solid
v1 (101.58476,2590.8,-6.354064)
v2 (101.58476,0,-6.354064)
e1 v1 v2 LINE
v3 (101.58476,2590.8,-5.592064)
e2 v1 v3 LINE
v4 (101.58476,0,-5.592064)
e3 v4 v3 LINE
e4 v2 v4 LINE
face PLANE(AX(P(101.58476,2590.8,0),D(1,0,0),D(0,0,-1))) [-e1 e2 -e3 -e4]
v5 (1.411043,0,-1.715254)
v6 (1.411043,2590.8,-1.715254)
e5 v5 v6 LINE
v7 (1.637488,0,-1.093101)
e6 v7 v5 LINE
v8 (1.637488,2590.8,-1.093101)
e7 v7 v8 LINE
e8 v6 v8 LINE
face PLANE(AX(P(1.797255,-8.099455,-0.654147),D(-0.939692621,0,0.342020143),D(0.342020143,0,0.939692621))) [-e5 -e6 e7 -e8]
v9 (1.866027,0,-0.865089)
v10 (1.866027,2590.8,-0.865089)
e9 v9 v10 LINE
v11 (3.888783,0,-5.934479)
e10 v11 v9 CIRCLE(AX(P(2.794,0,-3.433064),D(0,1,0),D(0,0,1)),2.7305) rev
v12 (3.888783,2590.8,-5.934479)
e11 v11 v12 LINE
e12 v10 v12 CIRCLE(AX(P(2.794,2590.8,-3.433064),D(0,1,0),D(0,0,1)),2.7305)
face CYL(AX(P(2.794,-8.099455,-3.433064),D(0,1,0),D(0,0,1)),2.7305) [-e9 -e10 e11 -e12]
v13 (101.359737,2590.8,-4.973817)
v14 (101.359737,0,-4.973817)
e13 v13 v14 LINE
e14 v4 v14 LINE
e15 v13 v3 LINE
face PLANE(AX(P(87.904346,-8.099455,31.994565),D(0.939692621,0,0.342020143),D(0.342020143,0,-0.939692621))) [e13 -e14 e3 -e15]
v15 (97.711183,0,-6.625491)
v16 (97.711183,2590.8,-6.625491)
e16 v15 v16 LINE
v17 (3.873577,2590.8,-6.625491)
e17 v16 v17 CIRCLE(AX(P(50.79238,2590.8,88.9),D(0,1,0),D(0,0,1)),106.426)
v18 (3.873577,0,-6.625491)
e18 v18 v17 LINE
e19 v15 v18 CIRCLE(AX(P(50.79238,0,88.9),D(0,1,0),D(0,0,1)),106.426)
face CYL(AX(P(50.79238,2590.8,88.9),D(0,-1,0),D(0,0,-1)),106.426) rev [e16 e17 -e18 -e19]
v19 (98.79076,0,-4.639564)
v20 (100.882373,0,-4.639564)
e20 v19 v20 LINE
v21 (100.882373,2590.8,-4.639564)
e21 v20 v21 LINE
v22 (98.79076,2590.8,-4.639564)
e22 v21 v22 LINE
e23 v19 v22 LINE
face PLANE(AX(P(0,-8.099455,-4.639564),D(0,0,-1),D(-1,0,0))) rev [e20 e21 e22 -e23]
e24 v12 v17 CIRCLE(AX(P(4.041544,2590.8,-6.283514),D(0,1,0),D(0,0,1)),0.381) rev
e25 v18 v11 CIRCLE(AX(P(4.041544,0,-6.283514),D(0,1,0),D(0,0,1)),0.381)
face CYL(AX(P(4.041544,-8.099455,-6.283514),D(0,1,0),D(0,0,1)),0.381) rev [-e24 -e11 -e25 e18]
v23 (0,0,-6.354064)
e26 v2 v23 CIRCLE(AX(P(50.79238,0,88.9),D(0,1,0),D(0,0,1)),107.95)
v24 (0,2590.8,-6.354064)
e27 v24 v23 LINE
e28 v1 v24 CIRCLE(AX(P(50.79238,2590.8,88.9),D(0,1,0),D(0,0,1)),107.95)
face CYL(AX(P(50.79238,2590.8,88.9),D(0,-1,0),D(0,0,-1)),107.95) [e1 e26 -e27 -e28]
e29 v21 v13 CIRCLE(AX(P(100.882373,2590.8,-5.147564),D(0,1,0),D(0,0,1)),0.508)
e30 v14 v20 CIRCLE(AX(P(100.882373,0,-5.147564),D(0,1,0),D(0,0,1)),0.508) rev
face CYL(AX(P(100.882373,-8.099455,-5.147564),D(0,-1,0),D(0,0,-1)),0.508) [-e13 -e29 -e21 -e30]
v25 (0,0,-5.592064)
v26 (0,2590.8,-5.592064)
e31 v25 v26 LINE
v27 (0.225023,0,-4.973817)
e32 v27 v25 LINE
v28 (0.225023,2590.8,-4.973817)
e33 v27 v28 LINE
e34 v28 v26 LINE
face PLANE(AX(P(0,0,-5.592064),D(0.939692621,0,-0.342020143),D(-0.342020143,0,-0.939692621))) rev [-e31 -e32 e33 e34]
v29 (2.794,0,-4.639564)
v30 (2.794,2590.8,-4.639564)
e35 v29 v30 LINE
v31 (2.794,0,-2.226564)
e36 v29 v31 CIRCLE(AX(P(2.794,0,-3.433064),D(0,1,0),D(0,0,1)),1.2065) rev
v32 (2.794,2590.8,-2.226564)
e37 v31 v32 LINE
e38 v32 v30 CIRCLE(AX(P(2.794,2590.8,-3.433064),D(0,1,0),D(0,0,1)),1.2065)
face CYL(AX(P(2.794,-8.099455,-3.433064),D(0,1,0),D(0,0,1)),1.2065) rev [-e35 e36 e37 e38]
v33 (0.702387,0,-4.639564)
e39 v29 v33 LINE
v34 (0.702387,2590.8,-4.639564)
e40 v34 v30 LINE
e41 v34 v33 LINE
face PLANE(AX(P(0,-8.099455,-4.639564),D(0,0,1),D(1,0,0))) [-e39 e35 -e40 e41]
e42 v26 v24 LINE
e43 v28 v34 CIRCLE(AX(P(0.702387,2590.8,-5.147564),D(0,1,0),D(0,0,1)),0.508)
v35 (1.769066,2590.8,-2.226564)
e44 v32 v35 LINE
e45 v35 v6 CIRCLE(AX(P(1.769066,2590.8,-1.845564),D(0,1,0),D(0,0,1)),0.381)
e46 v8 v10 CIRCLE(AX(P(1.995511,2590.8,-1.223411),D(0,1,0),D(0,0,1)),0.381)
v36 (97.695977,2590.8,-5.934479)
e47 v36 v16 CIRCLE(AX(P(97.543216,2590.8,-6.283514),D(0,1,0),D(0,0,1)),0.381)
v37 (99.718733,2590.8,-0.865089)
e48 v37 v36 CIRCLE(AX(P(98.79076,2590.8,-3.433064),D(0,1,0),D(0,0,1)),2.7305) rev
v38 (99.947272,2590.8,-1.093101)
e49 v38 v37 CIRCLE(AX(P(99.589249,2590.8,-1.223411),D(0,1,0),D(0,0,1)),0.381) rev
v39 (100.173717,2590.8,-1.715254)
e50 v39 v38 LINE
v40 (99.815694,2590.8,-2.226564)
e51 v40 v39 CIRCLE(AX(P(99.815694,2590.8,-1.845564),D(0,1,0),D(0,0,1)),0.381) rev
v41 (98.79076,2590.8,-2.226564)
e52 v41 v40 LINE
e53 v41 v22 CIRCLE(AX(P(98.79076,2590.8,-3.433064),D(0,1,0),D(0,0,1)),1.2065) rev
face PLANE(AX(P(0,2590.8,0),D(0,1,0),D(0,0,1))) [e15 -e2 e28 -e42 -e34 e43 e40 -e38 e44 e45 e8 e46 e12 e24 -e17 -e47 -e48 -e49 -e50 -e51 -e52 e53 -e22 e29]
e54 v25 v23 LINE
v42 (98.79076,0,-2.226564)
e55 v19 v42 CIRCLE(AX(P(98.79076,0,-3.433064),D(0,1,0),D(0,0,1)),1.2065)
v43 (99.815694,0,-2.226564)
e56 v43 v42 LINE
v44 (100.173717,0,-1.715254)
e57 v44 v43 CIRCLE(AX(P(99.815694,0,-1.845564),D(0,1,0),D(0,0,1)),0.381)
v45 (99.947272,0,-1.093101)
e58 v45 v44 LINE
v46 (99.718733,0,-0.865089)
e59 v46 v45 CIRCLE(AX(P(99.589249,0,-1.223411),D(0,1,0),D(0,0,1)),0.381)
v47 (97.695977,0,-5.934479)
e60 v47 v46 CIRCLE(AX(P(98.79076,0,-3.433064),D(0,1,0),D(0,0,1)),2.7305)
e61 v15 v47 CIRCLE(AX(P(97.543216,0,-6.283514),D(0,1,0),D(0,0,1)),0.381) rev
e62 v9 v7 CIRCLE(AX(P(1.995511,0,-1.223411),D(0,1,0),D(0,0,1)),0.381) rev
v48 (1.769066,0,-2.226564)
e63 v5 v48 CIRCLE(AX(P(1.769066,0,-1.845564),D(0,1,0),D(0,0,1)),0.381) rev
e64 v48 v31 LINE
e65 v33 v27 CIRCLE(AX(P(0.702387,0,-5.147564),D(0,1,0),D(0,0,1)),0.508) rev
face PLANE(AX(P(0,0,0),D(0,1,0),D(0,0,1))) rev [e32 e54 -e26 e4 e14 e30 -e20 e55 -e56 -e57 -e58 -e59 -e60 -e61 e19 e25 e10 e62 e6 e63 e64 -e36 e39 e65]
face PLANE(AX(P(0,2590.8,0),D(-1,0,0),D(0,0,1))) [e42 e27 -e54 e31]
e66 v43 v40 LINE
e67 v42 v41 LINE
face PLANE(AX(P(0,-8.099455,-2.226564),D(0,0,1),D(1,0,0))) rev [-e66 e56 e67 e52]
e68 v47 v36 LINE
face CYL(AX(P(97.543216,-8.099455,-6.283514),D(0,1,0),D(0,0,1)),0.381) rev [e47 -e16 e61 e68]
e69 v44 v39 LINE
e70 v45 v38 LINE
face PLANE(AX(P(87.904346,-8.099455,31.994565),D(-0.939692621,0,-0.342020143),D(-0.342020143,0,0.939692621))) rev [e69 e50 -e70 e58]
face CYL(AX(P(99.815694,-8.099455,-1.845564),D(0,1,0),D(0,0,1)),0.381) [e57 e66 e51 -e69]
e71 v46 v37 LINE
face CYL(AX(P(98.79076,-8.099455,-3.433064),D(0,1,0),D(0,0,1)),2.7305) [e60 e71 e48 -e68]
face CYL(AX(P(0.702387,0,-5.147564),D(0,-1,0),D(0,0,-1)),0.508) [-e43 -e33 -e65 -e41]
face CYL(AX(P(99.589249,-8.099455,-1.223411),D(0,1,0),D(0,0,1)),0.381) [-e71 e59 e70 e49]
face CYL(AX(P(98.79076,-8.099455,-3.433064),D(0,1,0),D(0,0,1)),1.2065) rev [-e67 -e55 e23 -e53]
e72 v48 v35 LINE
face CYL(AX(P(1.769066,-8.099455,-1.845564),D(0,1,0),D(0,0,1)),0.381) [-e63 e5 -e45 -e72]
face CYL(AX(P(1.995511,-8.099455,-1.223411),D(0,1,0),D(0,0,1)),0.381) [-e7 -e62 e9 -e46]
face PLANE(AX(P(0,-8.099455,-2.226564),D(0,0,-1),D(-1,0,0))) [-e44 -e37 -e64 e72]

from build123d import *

# Parameters (mm, degrees)
BOSS_EXTRUDE1_DEPTH = 2590.8
CUT_EXTRUDE1_DEPTH  = 2591.8
BOSS_EXTRUDE2_DEPTH = 2590.8
FILLET1_R           = 0.508


with BuildPart() as part:
    # Sketch1 → Boss-Extrude1 (new body)
    with BuildSketch(Plane(origin=(0, 0, 0), x_dir=(1, 0, 0), z_dir=(0, 1, 0))):
        with BuildLine():
            Line((101.58476, 5.338063609), (101.58476, 6.354063609))
            ThreePointArc((101.58476, 6.354063609), (50.79238, 19.05), (0, 6.354063609))
            Line((0, 6.354063609), (0, 5.338063609))
            Line((0, 5.338063609), (1.338554634, 5.338063609))
            ThreePointArc((1.338554634, 5.338063609), (45.188812602, 17.378377427), (90.062082389, 10.016044959))
            ThreePointArc((90.062082389, 10.016044959), (91.218156641, 9.549225792), (92.368682931, 9.068895628))
            ThreePointArc((92.368682931, 9.068895628), (96.251044015, 7.328911154), (100.06076, 5.435148318))
            Line((100.06076, 5.435148318), (100.06076, 4.322063609))
            ThreePointArc((100.06076, 4.322063609), (100.209549755, 3.962853364), (100.56876, 3.814063609))
            Line((100.56876, 3.814063609), (100.82276, 3.814063609))
            Line((100.82276, 3.814063609), (101.58476, 5.338063609))
        make_face()
    extrude(amount=BOSS_EXTRUDE1_DEPTH)

    # Sketch3 → Cut-Extrude1 (cut, through all)
    with BuildSketch(Plane(origin=(0, 2590.8, 0), x_dir=(1, 0, 0), z_dir=(0, 1, 0))):
        Polygon((100.06076, 2.923708758), (101.58476, 2.923708758), (101.58476, 5.592063609), (100.06076, 5.435148318), align=None)
        Polygon((0, 5.592063609), (0.4067845, 4.474432381), (0, 4.474432381), align=None)
    extrude(amount=-CUT_EXTRUDE1_DEPTH, mode=Mode.SUBTRACT)

    # Sketch2 → Boss-Extrude2 (add)
    with BuildSketch(Plane(origin=(0, 2590.8, 0), x_dir=(1, 0, 0), z_dir=(0, 1, 0))):
        with BuildLine():
            Line((101.238078351, 4.639563606), (101.58476, 5.592063609))
            Line((101.58476, 5.592063609), (97.711183428, 6.625490634))
            ThreePointArc((97.711183428, 6.625490634), (97.924124129, 6.275131553), (97.695976798, 5.934479203))
            ThreePointArc((97.695976798, 5.934479203), (96.254692814, 2.421137976), (99.718733273, 0.865088556))
            ThreePointArc((99.718733273, 0.865088556), (99.858345852, 0.953692868), (99.947271519, 1.093100982))
            Line((99.947271519, 1.093100982), (100.173716674, 1.715253931))
            ThreePointArc((100.173716674, 1.715253931), (100.127790714, 2.064096228), (99.815693785, 2.226563606))
            Line((99.815693785, 2.226563606), (98.79076, 2.226563606))
            ThreePointArc((98.79076, 2.226563606), (97.58426, 3.433063606), (98.79076, 4.639563606))
            Line((98.79076, 4.639563606), (101.238078351, 4.639563606))
        make_face()
        with BuildLine():
            ThreePointArc((1.769066215, 2.226563606), (1.456969286, 2.064096228), (1.411043326, 1.715253931))
            Line((1.411043326, 1.715253931), (1.637488481, 1.093100982))
            ThreePointArc((1.637488481, 1.093100982), (1.726414148, 0.953692868), (1.866026727, 0.865088556))
            ThreePointArc((1.866026727, 0.865088556), (5.330067186, 2.421137976), (3.888783202, 5.934479203))
            ThreePointArc((3.888783202, 5.934479203), (3.660635871, 6.275131553), (3.873576572, 6.625490634))
            Line((3.873576572, 6.625490634), (0, 5.592063609))
            Line((0, 5.592063609), (0.346681649, 4.639563606))
            Line((0.346681649, 4.639563606), (2.794, 4.639563606))
            ThreePointArc((2.794, 4.639563606), (4.0005, 3.433063606), (2.794, 2.226563606))
            Line((2.794, 2.226563606), (1.769066215, 2.226563606))
        make_face()
    extrude(amount=-BOSS_EXTRUDE2_DEPTH)

    # Fillet1
    fillet1_edges = [part.edges().sort_by_distance(p)[0] for p in [
        (101.238078351, 1295.4, -4.639563606),
        (0.346681649, 1295.4, -4.639563606),
    ]]
    fillet(fillet1_edges, radius=FILLET1_R)


solid = part.part
